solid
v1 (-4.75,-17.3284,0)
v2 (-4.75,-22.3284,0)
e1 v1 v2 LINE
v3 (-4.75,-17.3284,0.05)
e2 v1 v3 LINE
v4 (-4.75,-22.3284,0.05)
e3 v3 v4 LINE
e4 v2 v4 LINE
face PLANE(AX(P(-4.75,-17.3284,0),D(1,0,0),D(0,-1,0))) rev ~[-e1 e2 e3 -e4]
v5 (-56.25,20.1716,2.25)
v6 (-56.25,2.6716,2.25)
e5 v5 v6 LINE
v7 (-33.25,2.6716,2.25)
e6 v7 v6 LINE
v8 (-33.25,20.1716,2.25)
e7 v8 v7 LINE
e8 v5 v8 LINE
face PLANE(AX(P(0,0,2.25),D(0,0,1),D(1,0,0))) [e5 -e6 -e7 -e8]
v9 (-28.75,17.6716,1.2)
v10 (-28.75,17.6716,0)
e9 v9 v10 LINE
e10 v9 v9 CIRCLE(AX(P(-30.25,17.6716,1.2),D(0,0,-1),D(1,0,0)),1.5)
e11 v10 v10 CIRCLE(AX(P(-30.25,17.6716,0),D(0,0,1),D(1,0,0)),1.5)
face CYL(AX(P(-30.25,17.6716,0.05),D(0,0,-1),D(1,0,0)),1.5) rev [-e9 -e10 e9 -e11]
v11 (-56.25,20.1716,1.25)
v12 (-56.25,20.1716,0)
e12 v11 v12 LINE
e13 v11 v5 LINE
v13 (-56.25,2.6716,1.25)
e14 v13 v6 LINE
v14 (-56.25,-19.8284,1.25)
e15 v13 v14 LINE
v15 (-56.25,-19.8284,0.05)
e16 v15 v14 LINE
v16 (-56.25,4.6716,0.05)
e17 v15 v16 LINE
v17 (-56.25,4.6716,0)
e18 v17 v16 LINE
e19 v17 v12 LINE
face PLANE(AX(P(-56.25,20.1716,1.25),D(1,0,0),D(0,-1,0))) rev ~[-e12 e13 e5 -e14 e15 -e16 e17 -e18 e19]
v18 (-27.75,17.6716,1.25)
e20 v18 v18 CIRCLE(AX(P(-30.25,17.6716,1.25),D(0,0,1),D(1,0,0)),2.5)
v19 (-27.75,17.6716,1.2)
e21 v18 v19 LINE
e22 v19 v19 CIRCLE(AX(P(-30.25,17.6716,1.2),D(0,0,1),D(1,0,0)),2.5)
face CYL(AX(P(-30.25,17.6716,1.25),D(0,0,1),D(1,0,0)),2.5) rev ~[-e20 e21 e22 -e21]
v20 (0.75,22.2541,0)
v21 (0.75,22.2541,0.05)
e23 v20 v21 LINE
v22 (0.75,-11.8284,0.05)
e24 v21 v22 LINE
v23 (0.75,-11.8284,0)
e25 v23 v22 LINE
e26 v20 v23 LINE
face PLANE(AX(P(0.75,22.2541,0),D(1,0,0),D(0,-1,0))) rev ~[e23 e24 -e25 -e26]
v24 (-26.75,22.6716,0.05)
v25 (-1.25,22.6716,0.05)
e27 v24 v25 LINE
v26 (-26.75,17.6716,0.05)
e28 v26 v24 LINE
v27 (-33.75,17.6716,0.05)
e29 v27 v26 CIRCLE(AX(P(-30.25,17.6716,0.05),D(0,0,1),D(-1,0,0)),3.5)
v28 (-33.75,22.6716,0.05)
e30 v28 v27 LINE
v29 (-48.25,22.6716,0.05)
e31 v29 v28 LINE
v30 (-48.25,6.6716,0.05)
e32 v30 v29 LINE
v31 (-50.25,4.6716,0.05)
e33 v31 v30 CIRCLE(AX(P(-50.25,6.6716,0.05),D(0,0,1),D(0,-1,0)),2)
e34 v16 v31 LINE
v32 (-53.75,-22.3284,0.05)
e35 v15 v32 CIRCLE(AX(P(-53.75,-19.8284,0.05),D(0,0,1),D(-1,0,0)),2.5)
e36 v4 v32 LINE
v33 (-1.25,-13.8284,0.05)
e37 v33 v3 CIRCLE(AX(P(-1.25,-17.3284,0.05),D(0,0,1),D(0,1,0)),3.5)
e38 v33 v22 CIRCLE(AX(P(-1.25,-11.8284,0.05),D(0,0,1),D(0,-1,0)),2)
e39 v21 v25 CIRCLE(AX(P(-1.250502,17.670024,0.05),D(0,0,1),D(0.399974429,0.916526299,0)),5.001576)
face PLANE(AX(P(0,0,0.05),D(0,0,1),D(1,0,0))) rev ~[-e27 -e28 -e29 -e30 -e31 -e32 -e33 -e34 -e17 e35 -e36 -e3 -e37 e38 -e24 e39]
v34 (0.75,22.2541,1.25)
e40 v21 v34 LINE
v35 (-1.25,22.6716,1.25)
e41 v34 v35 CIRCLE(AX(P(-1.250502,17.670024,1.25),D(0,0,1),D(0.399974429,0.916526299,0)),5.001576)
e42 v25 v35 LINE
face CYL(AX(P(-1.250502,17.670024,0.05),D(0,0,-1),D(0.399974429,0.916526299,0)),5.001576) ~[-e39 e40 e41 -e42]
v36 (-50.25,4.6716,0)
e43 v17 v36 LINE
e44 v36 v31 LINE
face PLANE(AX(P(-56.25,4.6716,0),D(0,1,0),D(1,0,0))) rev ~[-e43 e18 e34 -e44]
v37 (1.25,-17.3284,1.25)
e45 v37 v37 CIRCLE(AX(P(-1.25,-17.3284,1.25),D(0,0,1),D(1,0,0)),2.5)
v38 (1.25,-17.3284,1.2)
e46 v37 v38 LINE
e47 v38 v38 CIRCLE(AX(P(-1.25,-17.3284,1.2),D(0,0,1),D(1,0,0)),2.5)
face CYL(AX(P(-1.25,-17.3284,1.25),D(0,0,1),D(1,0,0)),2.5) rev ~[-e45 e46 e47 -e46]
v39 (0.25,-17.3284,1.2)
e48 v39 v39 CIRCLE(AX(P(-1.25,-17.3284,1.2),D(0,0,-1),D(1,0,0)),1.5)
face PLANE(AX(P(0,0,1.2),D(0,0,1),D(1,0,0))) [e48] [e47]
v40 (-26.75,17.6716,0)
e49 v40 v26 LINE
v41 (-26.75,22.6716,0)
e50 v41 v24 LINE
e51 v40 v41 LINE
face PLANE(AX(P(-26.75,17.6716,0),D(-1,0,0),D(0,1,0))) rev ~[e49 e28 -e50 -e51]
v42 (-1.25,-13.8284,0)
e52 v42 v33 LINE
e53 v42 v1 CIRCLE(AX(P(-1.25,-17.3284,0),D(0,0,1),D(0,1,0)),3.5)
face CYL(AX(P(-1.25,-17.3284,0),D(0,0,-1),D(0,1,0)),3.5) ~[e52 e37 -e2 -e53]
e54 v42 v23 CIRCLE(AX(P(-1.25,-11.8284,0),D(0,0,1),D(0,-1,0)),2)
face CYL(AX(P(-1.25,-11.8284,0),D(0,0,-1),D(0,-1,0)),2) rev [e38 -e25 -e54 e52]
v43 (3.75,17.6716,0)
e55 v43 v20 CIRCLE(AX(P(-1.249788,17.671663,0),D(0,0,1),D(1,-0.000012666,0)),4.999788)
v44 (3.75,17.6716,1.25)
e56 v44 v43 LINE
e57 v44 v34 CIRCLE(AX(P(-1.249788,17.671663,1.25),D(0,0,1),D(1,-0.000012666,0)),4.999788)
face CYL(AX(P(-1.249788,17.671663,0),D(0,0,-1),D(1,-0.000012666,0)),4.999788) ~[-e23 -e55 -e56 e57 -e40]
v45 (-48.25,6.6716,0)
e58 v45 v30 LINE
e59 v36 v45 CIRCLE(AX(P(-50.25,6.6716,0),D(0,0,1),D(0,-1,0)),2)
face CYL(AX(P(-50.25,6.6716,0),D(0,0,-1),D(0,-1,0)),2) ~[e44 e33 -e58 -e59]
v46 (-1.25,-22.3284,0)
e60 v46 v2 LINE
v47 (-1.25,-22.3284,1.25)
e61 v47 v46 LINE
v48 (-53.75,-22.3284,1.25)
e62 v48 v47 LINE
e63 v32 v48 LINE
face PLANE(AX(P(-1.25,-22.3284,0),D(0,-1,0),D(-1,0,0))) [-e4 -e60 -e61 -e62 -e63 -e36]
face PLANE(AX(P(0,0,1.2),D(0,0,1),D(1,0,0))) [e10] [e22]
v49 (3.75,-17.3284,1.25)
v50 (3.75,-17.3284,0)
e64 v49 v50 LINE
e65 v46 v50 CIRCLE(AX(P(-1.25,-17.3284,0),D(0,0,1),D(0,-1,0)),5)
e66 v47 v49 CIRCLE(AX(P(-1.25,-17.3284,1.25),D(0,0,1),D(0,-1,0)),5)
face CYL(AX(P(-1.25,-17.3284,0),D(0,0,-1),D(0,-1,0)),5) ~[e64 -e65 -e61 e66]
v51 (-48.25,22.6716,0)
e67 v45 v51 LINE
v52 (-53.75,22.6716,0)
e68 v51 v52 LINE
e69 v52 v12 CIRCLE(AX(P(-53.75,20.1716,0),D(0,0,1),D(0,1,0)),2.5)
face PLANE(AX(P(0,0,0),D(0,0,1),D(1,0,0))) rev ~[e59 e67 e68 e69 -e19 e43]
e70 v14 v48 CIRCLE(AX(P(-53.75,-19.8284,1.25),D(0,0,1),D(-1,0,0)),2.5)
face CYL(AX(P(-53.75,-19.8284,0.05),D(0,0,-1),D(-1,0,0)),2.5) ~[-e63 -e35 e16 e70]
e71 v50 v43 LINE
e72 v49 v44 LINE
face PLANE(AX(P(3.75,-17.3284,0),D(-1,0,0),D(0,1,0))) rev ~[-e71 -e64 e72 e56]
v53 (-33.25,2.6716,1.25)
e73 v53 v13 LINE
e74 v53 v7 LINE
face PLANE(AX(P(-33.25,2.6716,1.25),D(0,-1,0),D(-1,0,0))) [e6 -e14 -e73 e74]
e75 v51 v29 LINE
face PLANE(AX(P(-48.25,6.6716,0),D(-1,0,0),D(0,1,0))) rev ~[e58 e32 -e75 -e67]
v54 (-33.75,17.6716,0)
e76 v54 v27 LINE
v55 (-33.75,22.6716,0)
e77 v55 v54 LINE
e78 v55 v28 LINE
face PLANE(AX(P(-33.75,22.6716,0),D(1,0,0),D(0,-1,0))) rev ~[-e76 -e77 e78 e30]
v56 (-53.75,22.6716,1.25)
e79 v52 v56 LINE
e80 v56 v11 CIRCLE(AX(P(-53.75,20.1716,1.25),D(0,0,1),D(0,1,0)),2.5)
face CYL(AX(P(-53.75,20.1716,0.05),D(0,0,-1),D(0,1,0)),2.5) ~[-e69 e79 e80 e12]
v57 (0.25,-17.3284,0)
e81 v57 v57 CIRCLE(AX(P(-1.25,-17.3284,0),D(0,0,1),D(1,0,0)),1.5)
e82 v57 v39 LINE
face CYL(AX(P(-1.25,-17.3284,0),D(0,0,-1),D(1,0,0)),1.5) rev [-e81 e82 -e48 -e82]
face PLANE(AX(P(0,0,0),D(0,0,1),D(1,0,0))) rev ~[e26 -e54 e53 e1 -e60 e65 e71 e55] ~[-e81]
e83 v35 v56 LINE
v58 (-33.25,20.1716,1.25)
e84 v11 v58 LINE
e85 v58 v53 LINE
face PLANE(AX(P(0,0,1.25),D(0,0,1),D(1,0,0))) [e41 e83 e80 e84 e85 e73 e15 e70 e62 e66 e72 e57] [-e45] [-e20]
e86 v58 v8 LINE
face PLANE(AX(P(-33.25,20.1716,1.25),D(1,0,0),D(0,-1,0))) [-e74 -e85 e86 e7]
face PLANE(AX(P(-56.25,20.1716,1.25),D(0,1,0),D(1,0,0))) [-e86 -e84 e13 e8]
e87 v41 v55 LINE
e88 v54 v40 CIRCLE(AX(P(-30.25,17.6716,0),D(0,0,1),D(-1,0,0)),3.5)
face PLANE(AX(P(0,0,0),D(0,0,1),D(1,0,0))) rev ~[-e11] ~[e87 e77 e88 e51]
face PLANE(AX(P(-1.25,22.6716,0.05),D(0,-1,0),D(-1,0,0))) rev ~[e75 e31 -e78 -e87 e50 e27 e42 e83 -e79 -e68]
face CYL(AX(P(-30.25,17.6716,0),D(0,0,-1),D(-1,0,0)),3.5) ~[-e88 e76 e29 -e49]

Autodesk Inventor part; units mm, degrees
ref_plane "YZ Plane" through (0, 0, 0) normal (1, 0, 0) x (0, 1, 0)
ref_plane "XZ Plane" through (0, 0, 0) normal (0, 1, 0) x (-1, 0, 0)
ref_plane "XY Plane" through (0, 0, 0) normal (0, 0, 1) x (1, 0, 0)
sketch "Sketch1" plane through (0, 0, 0) normal (0, 0, 1) x (1, 0, 0)
  line L0 (10.25, 20.1716) -> (10.25, 23.6716) projected
  line L1 (-1.25, 23.6716) -> (10.25, 23.6716) projected
  arc A0 (0.75, 23.3284) -> (-1.25, 23.6716) centre (-1.25, 17.6716) ccw projected
  line L2 (0.75, 23.3284) -> (0.75, -11.8284) projected
  arc A1 (-1.25, -13.8284) -> (0.75, -11.8284) centre (-1.25, -11.8284) ccw projected
  arc A2 (-1.25, -13.8284) -> (-4.75, -17.3284) centre (-1.25, -17.3284) ccw projected
  line L3 (-4.75, -17.3284) -> (-4.75, -23.3284) projected
  line L4 (10.25, -23.3284) -> (-4.75, -23.3284) projected
  line L5 (10.25, -23.3284) -> (10.25, -19.8284) projected
  line L6 (10.25, -19.8284) -> (6.75, -19.8284) projected
  line L7 (6.75, -19.8284) -> (6.75, 8.1716) projected
  line L8 (6.75, 8.1716) -> (16.75, 8.1716) projected
  line L9 (16.75, 17.1716) -> (16.75, 8.1716) projected
  line L10 (16.75, 17.1716) -> (13.25, 17.1716) projected
  arc A3 (10.25, 20.1716) -> (13.25, 17.1716) centre (13.25, 20.1716) ccw projected
  circle A4 centre (-1.25, -17.3284) radius 1.5 projected
  line L11 (-57.25, 4.6716) -> (-57.25, 20.1716) projected
  line L12 (-57.25, 4.6716) -> (-50.25, 4.6716) projected
  arc A5 (-50.25, 4.6716) -> (-48.25, 6.6716) centre (-50.25, 6.6716) ccw projected
  line L13 (-48.25, 6.6716) -> (-48.25, 23.6716) projected
  line L14 (-53.75, 23.6716) -> (-48.25, 23.6716) projected
  arc A6 (-53.75, 23.6716) -> (-57.25, 20.1716) centre (-53.75, 20.1716) ccw projected
  line L15 (-26.75, 17.6716) -> (-26.75, 23.6716) projected
  line L16 (-33.75, 23.6716) -> (-26.75, 23.6716) projected
  line L17 (-33.75, 23.6716) -> (-33.75, 17.6716) projected
  arc A7 (-33.75, 17.6716) -> (-26.75, 17.6716) centre (-30.25, 17.6716) ccw projected
  circle A8 centre (-30.25, 17.6716) radius 1.5 projected
  line L18 (-50.25, 4.6716) -> (-57.25, 4.6716) projected
  line L19 (-57.25, -19.8284) -> (-57.25, 4.6716) projected
  arc A9 (-57.25, -19.8284) -> (-53.75, -23.3284) centre (-53.75, -19.8284) ccw projected
  line L20 (-4.75, -23.3284) -> (-53.75, -23.3284) projected
  line L21 (-4.75, -23.3284) -> (-4.75, -17.3284) projected
  arc A10 (-1.25, -13.8284) -> (-4.75, -17.3284) centre (-1.25, -17.3284) ccw projected
  arc A11 (-1.25, -13.8284) -> (0.75, -11.8284) centre (-1.25, -11.8284) ccw projected
  line L22 (0.75, -11.8284) -> (0.75, 23.3284) projected
  arc A12 (0.75, 23.3284) -> (-1.25, 23.6716) centre (-1.25, 17.6716) ccw projected
  line L23 (-26.75, 23.6716) -> (-1.25, 23.6716) projected
  line L24 (-26.75, 23.6716) -> (-26.75, 17.6716) projected
  arc A13 (-33.75, 17.6716) -> (-26.75, 17.6716) centre (-30.25, 17.6716) ccw projected
  line L25 (-33.75, 17.6716) -> (-33.75, 23.6716) projected
  line L26 (-48.25, 23.6716) -> (-33.75, 23.6716) projected
  line L27 (-48.25, 23.6716) -> (-48.25, 6.6716) projected
  arc A14 (-50.25, 4.6716) -> (-48.25, 6.6716) centre (-50.25, 6.6716) ccw projected
  line L28 (-1.25, -17.3284) -> (-53.75, -17.3284) construction
  line L29 (-53.75, -17.3284) -> (-53.75, 20.1716) construction
  line L30 (-53.75, 20.1716) -> (-1.25, 20.1716) construction
  line L31 (-1.25, 20.1716) -> (-1.25, -17.3284) construction
  arc A15 (-1.25, -22.3284) -> (3.75, -17.3284) centre (-1.25, -17.3284) ccw
  line L32 (-1.25, -22.3284) -> (-4.75, -22.3284)
  line L33 (3.75, -17.3284) -> (3.75, 17.6716)
  arc A16 (3.75, 17.6716) -> (0.75, 22.2541) centre (-1.25, 17.6716) ccw
  line L34 (-56.25, 4.6716) -> (-56.25, 20.1716)
  line L35 (-48.25, 22.6716) -> (-53.75, 22.6716)
  arc A17 (-53.75, 22.6716) -> (-56.25, 20.1716) centre (-53.75, 20.1716) ccw
  line L36 (-26.75, 22.6716) -> (-33.75, 22.6716)
  point P0 (0, 0)
  dimension "d0" = 5
  dimension "d1" = 2.5
extrude "Extrusion1" add sketch "Sketch1" along normal blind 0.05 contours A16 L33 A15 L32 L3 A2 A1 L2 | L15 A7 L17 L36 | L13 A5 L12 L34 A17 L35
sketch "Sketch2" plane through (0, 0, 0.05) normal (0, 0, 1) x (1, 0, 0)
  arc A0 (3.75, 17.6716) -> (0.75, 22.2541) centre (-1.25, 17.6716) ccw projected
  line L0 (0.75, 22.2541) -> (0.75, -11.8284) projected
  arc A1 (-1.25, -13.8284) -> (0.75, -11.8284) centre (-1.25, -11.8284) ccw projected
  arc A2 (-1.25, -13.8284) -> (-4.75, -17.3284) centre (-1.25, -17.3284) ccw projected
  line L1 (-4.75, -17.3284) -> (-4.75, -22.3284) projected
  line L2 (-4.75, -22.3284) -> (-1.25, -22.3284) projected
  arc A3 (-1.25, -22.3284) -> (3.75, -17.3284) centre (-1.25, -17.3284) ccw projected
  line L3 (3.75, -17.3284) -> (3.75, 17.6716) projected
  circle A4 centre (-1.25, -17.3284) radius 1.5 projected
  line L4 (-56.25, 20.1716) -> (-56.25, 4.6716) projected
  line L5 (-56.25, 4.6716) -> (-50.25, 4.6716) projected
  arc A5 (-50.25, 4.6716) -> (-48.25, 6.6716) centre (-50.25, 6.6716) ccw projected
  line L6 (-48.25, 6.6716) -> (-48.25, 22.6716) projected
  line L7 (-48.25, 22.6716) -> (-53.75, 22.6716) projected
  arc A6 (-53.75, 22.6716) -> (-56.25, 20.1716) centre (-53.75, 20.1716) ccw projected
  arc A7 (0.75, 22.2541) -> (-1.25, 22.6716) centre (-1.25, 17.6716) ccw
  line L8 (-1.25, 22.6716) -> (-48.25, 22.6716)
  arc A8 (-57.1041, -20.8284) -> (-53.75, -23.3284) centre (-53.75, -19.8284) ccw projected
  arc A9 (-56.25, -19.8284) -> (-53.75, -22.3284) centre (-53.75, -19.8284) ccw
  line L9 (-4.75, -22.3284) -> (-53.75, -22.3284)
  line L10 (-56.25, -19.8284) -> (-56.25, 4.6716)
  circle A10 centre (-30.25, 17.6716) radius 1.5 projected
  point P0 (0, 0)
extrude "Extrusion2" add sketch "Sketch2" along normal blind 1.2
sketch "Sketch3" plane through (0, 0, 1.25) normal (0, 0, 1) x (1, 0, 0)
  arc A0 (-56.25, -19.8284) -> (-53.75, -22.3284) centre (-53.75, -19.8284) ccw projected
  line L0 (-53.75, -22.3284) -> (-1.25, -22.3284) projected
  arc A1 (-1.25, -22.3284) -> (3.75, -17.3284) centre (-1.25, -17.3284) ccw projected
  line L1 (3.75, -17.3284) -> (3.75, 17.6716) projected
  arc A2 (3.75, 17.6716) -> (-1.25, 22.6716) centre (-1.25, 17.6716) ccw projected
  line L2 (-1.25, 22.6716) -> (-53.75, 22.6716) projected
  arc A3 (-53.75, 22.6716) -> (-56.25, 20.1716) centre (-53.75, 20.1716) ccw projected
  line L3 (-56.25, 20.1716) -> (-56.25, -19.8284) projected
  circle A4 centre (-1.25, -17.3284) radius 1.5 projected
  circle A5 centre (-30.25, 17.6716) radius 1.5 projected
  circle A6 centre (-1.25, -17.3284) radius 1.5 projected
  circle A7 centre (-1.25, -17.3284) radius 2.5
  circle A8 centre (-30.25, 17.6716) radius 2.5
  point P0 (0, 0)
  dimension "d6" = 5
  dimension "d7" = 5
extrude "Extrusion3" cut sketch "Sketch3" against normal blind 0.05 contours A4 | A5 | A7 | A8
sketch "Sketch4" plane through (0, 0, 1.25) normal (0, 0, 1) x (1, 0, 0)
  line L0 (-56.25, 20.1716) -> (-56.25, -19.8284) projected
  line L1 (-56.25, 20.1716) -> (-33.25, 20.1716)
  line L2 (-33.25, 20.1716) -> (-33.25, 2.6716)
  line L3 (-33.25, 2.6716) -> (-56.25, 2.6716)
  line L4 (-56.25, 2.6716) -> (-56.25, 20.1716)
  point P0 (0, 0)
  point P1 (-56.25, 2.6716)
  dimension "d10" = 17.5
  dimension "d11" = 23
extrude "Extrusion4" add sketch "Sketch4" along normal blind 1
properties material "Phenolic Resin"
